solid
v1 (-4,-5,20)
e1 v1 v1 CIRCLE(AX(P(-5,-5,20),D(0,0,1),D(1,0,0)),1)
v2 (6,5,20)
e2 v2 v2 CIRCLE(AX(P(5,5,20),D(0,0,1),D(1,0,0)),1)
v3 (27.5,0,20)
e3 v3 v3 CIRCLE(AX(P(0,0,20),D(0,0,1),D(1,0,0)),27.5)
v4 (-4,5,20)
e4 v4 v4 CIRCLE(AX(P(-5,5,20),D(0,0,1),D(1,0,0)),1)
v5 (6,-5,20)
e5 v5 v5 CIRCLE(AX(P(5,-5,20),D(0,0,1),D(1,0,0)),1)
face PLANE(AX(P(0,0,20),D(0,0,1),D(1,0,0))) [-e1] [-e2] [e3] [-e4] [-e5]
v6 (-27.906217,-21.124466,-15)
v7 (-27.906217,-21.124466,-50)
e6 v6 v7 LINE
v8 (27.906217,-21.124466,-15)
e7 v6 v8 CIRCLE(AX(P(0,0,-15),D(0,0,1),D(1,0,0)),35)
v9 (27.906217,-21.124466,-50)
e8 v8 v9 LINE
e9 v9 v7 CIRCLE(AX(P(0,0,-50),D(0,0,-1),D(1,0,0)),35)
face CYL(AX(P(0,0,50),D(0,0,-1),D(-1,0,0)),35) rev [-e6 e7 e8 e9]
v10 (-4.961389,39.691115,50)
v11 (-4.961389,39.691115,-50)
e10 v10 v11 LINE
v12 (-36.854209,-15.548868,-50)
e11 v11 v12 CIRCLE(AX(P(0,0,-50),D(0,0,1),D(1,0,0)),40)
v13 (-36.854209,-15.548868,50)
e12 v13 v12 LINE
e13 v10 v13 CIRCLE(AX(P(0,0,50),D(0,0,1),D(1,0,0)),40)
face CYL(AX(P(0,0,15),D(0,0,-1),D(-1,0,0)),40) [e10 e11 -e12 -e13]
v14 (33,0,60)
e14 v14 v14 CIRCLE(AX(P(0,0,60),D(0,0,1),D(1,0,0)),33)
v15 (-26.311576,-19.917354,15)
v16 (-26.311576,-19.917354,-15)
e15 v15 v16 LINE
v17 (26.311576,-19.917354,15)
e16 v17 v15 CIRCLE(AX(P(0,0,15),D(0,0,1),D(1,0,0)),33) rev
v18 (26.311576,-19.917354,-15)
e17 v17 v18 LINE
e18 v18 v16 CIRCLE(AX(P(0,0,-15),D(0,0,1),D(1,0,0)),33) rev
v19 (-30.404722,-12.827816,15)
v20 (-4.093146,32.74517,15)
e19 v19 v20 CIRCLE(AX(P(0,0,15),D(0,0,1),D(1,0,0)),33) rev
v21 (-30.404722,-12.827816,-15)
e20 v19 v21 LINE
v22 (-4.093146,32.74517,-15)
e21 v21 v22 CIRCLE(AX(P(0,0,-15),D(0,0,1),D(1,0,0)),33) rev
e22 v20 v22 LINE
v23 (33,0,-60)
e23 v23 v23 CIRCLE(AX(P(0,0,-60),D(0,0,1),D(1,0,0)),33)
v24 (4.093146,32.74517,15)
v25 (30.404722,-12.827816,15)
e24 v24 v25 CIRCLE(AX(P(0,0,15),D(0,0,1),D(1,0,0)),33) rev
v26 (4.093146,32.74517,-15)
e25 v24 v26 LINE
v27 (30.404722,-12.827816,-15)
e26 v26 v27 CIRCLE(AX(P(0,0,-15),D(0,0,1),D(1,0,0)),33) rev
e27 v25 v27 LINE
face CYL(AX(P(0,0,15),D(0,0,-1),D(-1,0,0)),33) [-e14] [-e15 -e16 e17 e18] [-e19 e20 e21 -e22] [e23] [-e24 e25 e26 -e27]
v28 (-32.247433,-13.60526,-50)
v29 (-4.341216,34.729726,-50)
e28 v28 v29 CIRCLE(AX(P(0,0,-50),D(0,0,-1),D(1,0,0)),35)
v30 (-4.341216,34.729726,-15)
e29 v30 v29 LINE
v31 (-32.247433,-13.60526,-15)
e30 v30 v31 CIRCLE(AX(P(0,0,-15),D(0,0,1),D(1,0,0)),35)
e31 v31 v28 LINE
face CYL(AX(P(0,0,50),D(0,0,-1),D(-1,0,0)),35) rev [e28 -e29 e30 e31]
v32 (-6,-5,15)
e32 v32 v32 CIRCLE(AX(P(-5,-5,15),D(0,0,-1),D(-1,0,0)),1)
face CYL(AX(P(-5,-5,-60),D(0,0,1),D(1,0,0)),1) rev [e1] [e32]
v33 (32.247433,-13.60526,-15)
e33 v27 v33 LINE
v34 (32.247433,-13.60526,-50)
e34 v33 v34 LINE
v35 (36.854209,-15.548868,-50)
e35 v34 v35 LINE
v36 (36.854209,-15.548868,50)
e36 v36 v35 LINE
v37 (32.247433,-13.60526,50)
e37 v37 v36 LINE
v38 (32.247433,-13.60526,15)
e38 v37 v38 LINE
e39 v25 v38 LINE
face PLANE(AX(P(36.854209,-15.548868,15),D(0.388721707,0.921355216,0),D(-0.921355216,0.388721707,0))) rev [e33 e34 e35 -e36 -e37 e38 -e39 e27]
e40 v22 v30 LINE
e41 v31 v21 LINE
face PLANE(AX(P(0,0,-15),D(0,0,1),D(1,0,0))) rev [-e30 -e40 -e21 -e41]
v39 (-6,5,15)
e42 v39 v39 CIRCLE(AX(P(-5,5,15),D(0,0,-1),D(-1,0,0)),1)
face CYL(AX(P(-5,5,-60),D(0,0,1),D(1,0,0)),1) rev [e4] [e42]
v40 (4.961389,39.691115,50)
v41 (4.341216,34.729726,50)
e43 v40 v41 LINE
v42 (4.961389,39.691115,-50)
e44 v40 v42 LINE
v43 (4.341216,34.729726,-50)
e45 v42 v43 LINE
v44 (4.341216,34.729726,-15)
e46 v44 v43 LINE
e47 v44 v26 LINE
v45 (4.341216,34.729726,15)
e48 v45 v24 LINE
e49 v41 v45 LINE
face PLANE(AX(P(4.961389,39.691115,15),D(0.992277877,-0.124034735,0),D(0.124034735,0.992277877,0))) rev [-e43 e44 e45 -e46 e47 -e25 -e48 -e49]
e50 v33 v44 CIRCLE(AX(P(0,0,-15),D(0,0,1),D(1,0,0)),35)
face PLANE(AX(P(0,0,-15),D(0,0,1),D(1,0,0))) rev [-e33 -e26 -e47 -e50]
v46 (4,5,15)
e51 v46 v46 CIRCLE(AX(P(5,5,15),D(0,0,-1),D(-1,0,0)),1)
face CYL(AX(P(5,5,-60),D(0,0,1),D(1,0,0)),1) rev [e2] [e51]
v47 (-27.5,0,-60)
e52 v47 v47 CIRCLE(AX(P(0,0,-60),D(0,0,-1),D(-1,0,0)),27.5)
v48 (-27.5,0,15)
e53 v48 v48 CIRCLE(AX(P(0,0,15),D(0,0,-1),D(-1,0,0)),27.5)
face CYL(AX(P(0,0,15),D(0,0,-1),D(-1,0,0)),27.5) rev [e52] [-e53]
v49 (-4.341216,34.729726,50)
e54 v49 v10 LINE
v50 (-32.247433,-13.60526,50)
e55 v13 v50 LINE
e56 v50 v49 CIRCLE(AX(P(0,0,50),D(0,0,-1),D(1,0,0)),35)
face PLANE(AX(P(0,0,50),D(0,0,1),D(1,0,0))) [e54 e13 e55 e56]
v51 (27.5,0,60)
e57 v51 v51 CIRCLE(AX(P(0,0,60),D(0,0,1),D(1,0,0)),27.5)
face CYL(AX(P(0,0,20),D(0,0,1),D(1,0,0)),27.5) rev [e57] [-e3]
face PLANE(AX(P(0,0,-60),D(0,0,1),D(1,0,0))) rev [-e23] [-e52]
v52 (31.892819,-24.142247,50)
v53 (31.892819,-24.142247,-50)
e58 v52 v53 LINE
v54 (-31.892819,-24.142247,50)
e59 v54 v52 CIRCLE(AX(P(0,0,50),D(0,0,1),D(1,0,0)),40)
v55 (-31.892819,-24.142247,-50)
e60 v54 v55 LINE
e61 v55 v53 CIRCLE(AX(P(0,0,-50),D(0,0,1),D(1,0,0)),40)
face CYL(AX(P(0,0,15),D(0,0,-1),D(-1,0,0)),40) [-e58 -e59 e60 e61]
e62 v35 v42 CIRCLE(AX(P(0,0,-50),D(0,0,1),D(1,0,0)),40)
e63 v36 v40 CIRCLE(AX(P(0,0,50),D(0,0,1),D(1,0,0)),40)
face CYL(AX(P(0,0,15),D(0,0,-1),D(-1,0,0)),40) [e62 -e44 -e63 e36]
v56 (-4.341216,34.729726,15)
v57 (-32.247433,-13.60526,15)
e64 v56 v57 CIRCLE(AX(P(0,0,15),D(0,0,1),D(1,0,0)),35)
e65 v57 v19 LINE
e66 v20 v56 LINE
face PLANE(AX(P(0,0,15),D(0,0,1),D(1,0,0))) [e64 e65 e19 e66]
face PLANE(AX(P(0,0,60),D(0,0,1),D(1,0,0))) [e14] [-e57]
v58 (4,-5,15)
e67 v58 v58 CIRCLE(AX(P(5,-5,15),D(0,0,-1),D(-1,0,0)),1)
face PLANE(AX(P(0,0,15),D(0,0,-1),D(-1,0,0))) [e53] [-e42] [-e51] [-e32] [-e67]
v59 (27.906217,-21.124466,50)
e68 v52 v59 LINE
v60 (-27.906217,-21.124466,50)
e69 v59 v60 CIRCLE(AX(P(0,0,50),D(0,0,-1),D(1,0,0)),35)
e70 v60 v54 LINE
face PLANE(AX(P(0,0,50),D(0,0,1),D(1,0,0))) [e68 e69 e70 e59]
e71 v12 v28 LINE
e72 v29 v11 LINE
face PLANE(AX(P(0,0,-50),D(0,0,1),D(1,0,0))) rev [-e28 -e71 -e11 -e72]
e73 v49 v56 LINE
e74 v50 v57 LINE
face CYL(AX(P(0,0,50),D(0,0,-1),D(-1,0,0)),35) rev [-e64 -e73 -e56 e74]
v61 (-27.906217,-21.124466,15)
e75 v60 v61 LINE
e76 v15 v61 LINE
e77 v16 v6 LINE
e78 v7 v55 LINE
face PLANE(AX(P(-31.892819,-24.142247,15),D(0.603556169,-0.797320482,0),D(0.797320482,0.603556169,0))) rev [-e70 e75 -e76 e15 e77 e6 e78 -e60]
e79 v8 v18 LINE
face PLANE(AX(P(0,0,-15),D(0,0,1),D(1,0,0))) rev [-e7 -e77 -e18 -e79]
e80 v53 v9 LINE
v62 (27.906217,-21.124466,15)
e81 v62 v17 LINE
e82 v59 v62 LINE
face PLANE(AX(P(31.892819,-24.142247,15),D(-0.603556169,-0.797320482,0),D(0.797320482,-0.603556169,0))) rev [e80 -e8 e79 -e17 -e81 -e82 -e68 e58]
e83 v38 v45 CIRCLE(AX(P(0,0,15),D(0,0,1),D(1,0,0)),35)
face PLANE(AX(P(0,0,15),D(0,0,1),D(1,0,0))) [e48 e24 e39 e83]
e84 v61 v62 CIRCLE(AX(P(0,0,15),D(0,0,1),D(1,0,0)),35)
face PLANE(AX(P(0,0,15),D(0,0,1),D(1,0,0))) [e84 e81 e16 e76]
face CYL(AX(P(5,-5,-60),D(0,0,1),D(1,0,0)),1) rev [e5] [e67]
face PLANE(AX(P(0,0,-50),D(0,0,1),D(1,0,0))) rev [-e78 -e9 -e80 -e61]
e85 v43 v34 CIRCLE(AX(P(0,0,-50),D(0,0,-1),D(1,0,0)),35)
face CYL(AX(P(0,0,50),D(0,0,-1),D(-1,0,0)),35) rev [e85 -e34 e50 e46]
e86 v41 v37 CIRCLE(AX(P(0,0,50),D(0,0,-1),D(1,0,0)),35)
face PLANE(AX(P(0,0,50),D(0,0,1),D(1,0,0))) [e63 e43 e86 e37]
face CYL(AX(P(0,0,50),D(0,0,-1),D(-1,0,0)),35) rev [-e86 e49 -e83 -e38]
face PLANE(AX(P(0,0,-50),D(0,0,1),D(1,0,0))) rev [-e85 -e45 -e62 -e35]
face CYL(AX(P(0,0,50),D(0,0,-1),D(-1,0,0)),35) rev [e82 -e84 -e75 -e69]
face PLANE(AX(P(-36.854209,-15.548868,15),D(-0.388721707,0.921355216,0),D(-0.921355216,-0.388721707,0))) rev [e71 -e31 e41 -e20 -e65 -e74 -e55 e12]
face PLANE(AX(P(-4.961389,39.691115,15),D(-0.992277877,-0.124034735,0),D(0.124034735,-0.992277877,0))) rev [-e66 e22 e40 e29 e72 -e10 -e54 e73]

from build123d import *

# Parameters (mm, degrees)
CROQUIS1_R                 = 33
SALIENTE_EXTRUIR1_DEPTH    = 15
SALIENTE_EXTRUIR2_DEPTH    = 15
SALIENTE_EXTRUIR3_DEPTH    = 50
CROQUIS4_R                 = 33
SALIENTE_EXTRUIR4_DEPTH    = 60
CROQUIS5_R                 = 27.5
CORTAR_EXTRUIR1_DEPTH      = 40
CROQUIS6_R                 = 27.5
CORTAR_EXTRUIR2_DEPTH      = 75
CROQUIS7_R                 = 1
CORTAR_EXTRUIR3_DEPTH      = 61
CORTAR_EXTRUIR3_DEPTH_BACK = 61


with BuildPart() as part:
    # Croquis1 → Saliente-Extruir1 (new body, symmetric)
    with BuildSketch(Plane.XY):
        Circle(CROQUIS1_R)
    extrude(amount=SALIENTE_EXTRUIR1_DEPTH, both=True)

    # Croquis2 → Saliente-Extruir2 (add, symmetric)
    with BuildSketch(Plane.XY):
        with BuildLine():
            Line((-4.961389384, 39.691115069), (-4.093146241, 32.745169932))
            ThreePointArc((-4.093146241, 32.745169932), (-28.578838325, 16.5), (-30.404722133, -12.827816339))
            Line((-30.404722133, -12.827816339), (-36.854208646, -15.54886829))
            ThreePointArc((-36.854208646, -15.54886829), (-34.641016151, 20), (-4.961389384, 39.691115069))
        make_face()
        with BuildLine():
            Line((4.961389384, 39.691115069), (4.093146241, 32.745169932))
            ThreePointArc((4.093146241, 32.745169932), (28.578838325, 16.5), (30.404722133, -12.827816339))
            Line((30.404722133, -12.827816339), (36.854208646, -15.54886829))
            ThreePointArc((36.854208646, -15.54886829), (34.641016151, 20), (4.961389384, 39.691115069))
        make_face()
        with BuildLine():
            Line((31.892819262, -24.142246779), (26.311575891, -19.917353592))
            ThreePointArc((26.311575891, -19.917353592), (0, -33), (-26.311575891, -19.917353592))
            Line((-26.311575891, -19.917353592), (-31.892819262, -24.142246779))
            ThreePointArc((-31.892819262, -24.142246779), (0, -40), (31.892819262, -24.142246779))
        make_face()
    extrude(amount=SALIENTE_EXTRUIR2_DEPTH, both=True)

    # Croquis3 → Saliente-Extruir3 (add, symmetric)
    with BuildSketch(Plane.XY):
        with BuildLine():
            Line((-4.341215711, 34.729725685), (-4.961389384, 39.691115069))
            ThreePointArc((-4.961389384, 39.691115069), (-34.641016151, 20), (-36.854208646, -15.54886829))
            Line((-36.854208646, -15.54886829), (-32.247432565, -13.605259754))
            ThreePointArc((-32.247432565, -13.605259754), (-30.310889132, 17.5), (-4.341215711, 34.729725685))
        make_face()
        with BuildLine():
            Line((4.341215711, 34.729725685), (4.961389384, 39.691115069))
            ThreePointArc((4.961389384, 39.691115069), (34.641016151, 20), (36.854208646, -15.54886829))
            Line((36.854208646, -15.54886829), (32.247432565, -13.605259754))
            ThreePointArc((32.247432565, -13.605259754), (30.310889132, 17.5), (4.341215711, 34.729725685))
        make_face()
        with BuildLine():
            Line((31.892819262, -24.142246779), (27.906216854, -21.124465931))
            ThreePointArc((27.906216854, -21.124465931), (0, -35), (-27.906216854, -21.124465931))
            Line((-27.906216854, -21.124465931), (-31.892819262, -24.142246779))
            ThreePointArc((-31.892819262, -24.142246779), (0, -40), (31.892819262, -24.142246779))
        make_face()
    extrude(amount=SALIENTE_EXTRUIR3_DEPTH, both=True)

    # Croquis4 → Saliente-Extruir4 (add, symmetric)
    with BuildSketch(Plane.XY):
        Circle(CROQUIS4_R)
    extrude(amount=SALIENTE_EXTRUIR4_DEPTH, both=True)

    # Croquis5 → Cortar-Extruir1 (cut)
    with BuildSketch(Plane.XY.offset(60)):
        Circle(CROQUIS5_R)
    extrude(amount=-CORTAR_EXTRUIR1_DEPTH, mode=Mode.SUBTRACT)

    # Croquis6 → Cortar-Extruir2 (cut)
    with BuildSketch(Plane(origin=(0, 0, -60), x_dir=(-1, 0, 0), z_dir=(0, 0, -1))):
        Circle(CROQUIS6_R)
    extrude(amount=-CORTAR_EXTRUIR2_DEPTH, mode=Mode.SUBTRACT)

    # Croquis7 → Cortar-Extruir3 (cut, two sides)
    with BuildSketch(Plane.XY) as cortar_extruir3_sk:
        with Locations((5, 5)):
            Circle(CROQUIS7_R)
        with Locations((-5, 5)):
            Circle(CROQUIS7_R)
        with Locations((-5, -5)):
            Circle(CROQUIS7_R)
        with Locations((5, -5)):
            Circle(CROQUIS7_R)
    extrude(amount=CORTAR_EXTRUIR3_DEPTH, mode=Mode.SUBTRACT)
    extrude(cortar_extruir3_sk.sketch, amount=-CORTAR_EXTRUIR3_DEPTH_BACK, mode=Mode.SUBTRACT)


solid = part.part
